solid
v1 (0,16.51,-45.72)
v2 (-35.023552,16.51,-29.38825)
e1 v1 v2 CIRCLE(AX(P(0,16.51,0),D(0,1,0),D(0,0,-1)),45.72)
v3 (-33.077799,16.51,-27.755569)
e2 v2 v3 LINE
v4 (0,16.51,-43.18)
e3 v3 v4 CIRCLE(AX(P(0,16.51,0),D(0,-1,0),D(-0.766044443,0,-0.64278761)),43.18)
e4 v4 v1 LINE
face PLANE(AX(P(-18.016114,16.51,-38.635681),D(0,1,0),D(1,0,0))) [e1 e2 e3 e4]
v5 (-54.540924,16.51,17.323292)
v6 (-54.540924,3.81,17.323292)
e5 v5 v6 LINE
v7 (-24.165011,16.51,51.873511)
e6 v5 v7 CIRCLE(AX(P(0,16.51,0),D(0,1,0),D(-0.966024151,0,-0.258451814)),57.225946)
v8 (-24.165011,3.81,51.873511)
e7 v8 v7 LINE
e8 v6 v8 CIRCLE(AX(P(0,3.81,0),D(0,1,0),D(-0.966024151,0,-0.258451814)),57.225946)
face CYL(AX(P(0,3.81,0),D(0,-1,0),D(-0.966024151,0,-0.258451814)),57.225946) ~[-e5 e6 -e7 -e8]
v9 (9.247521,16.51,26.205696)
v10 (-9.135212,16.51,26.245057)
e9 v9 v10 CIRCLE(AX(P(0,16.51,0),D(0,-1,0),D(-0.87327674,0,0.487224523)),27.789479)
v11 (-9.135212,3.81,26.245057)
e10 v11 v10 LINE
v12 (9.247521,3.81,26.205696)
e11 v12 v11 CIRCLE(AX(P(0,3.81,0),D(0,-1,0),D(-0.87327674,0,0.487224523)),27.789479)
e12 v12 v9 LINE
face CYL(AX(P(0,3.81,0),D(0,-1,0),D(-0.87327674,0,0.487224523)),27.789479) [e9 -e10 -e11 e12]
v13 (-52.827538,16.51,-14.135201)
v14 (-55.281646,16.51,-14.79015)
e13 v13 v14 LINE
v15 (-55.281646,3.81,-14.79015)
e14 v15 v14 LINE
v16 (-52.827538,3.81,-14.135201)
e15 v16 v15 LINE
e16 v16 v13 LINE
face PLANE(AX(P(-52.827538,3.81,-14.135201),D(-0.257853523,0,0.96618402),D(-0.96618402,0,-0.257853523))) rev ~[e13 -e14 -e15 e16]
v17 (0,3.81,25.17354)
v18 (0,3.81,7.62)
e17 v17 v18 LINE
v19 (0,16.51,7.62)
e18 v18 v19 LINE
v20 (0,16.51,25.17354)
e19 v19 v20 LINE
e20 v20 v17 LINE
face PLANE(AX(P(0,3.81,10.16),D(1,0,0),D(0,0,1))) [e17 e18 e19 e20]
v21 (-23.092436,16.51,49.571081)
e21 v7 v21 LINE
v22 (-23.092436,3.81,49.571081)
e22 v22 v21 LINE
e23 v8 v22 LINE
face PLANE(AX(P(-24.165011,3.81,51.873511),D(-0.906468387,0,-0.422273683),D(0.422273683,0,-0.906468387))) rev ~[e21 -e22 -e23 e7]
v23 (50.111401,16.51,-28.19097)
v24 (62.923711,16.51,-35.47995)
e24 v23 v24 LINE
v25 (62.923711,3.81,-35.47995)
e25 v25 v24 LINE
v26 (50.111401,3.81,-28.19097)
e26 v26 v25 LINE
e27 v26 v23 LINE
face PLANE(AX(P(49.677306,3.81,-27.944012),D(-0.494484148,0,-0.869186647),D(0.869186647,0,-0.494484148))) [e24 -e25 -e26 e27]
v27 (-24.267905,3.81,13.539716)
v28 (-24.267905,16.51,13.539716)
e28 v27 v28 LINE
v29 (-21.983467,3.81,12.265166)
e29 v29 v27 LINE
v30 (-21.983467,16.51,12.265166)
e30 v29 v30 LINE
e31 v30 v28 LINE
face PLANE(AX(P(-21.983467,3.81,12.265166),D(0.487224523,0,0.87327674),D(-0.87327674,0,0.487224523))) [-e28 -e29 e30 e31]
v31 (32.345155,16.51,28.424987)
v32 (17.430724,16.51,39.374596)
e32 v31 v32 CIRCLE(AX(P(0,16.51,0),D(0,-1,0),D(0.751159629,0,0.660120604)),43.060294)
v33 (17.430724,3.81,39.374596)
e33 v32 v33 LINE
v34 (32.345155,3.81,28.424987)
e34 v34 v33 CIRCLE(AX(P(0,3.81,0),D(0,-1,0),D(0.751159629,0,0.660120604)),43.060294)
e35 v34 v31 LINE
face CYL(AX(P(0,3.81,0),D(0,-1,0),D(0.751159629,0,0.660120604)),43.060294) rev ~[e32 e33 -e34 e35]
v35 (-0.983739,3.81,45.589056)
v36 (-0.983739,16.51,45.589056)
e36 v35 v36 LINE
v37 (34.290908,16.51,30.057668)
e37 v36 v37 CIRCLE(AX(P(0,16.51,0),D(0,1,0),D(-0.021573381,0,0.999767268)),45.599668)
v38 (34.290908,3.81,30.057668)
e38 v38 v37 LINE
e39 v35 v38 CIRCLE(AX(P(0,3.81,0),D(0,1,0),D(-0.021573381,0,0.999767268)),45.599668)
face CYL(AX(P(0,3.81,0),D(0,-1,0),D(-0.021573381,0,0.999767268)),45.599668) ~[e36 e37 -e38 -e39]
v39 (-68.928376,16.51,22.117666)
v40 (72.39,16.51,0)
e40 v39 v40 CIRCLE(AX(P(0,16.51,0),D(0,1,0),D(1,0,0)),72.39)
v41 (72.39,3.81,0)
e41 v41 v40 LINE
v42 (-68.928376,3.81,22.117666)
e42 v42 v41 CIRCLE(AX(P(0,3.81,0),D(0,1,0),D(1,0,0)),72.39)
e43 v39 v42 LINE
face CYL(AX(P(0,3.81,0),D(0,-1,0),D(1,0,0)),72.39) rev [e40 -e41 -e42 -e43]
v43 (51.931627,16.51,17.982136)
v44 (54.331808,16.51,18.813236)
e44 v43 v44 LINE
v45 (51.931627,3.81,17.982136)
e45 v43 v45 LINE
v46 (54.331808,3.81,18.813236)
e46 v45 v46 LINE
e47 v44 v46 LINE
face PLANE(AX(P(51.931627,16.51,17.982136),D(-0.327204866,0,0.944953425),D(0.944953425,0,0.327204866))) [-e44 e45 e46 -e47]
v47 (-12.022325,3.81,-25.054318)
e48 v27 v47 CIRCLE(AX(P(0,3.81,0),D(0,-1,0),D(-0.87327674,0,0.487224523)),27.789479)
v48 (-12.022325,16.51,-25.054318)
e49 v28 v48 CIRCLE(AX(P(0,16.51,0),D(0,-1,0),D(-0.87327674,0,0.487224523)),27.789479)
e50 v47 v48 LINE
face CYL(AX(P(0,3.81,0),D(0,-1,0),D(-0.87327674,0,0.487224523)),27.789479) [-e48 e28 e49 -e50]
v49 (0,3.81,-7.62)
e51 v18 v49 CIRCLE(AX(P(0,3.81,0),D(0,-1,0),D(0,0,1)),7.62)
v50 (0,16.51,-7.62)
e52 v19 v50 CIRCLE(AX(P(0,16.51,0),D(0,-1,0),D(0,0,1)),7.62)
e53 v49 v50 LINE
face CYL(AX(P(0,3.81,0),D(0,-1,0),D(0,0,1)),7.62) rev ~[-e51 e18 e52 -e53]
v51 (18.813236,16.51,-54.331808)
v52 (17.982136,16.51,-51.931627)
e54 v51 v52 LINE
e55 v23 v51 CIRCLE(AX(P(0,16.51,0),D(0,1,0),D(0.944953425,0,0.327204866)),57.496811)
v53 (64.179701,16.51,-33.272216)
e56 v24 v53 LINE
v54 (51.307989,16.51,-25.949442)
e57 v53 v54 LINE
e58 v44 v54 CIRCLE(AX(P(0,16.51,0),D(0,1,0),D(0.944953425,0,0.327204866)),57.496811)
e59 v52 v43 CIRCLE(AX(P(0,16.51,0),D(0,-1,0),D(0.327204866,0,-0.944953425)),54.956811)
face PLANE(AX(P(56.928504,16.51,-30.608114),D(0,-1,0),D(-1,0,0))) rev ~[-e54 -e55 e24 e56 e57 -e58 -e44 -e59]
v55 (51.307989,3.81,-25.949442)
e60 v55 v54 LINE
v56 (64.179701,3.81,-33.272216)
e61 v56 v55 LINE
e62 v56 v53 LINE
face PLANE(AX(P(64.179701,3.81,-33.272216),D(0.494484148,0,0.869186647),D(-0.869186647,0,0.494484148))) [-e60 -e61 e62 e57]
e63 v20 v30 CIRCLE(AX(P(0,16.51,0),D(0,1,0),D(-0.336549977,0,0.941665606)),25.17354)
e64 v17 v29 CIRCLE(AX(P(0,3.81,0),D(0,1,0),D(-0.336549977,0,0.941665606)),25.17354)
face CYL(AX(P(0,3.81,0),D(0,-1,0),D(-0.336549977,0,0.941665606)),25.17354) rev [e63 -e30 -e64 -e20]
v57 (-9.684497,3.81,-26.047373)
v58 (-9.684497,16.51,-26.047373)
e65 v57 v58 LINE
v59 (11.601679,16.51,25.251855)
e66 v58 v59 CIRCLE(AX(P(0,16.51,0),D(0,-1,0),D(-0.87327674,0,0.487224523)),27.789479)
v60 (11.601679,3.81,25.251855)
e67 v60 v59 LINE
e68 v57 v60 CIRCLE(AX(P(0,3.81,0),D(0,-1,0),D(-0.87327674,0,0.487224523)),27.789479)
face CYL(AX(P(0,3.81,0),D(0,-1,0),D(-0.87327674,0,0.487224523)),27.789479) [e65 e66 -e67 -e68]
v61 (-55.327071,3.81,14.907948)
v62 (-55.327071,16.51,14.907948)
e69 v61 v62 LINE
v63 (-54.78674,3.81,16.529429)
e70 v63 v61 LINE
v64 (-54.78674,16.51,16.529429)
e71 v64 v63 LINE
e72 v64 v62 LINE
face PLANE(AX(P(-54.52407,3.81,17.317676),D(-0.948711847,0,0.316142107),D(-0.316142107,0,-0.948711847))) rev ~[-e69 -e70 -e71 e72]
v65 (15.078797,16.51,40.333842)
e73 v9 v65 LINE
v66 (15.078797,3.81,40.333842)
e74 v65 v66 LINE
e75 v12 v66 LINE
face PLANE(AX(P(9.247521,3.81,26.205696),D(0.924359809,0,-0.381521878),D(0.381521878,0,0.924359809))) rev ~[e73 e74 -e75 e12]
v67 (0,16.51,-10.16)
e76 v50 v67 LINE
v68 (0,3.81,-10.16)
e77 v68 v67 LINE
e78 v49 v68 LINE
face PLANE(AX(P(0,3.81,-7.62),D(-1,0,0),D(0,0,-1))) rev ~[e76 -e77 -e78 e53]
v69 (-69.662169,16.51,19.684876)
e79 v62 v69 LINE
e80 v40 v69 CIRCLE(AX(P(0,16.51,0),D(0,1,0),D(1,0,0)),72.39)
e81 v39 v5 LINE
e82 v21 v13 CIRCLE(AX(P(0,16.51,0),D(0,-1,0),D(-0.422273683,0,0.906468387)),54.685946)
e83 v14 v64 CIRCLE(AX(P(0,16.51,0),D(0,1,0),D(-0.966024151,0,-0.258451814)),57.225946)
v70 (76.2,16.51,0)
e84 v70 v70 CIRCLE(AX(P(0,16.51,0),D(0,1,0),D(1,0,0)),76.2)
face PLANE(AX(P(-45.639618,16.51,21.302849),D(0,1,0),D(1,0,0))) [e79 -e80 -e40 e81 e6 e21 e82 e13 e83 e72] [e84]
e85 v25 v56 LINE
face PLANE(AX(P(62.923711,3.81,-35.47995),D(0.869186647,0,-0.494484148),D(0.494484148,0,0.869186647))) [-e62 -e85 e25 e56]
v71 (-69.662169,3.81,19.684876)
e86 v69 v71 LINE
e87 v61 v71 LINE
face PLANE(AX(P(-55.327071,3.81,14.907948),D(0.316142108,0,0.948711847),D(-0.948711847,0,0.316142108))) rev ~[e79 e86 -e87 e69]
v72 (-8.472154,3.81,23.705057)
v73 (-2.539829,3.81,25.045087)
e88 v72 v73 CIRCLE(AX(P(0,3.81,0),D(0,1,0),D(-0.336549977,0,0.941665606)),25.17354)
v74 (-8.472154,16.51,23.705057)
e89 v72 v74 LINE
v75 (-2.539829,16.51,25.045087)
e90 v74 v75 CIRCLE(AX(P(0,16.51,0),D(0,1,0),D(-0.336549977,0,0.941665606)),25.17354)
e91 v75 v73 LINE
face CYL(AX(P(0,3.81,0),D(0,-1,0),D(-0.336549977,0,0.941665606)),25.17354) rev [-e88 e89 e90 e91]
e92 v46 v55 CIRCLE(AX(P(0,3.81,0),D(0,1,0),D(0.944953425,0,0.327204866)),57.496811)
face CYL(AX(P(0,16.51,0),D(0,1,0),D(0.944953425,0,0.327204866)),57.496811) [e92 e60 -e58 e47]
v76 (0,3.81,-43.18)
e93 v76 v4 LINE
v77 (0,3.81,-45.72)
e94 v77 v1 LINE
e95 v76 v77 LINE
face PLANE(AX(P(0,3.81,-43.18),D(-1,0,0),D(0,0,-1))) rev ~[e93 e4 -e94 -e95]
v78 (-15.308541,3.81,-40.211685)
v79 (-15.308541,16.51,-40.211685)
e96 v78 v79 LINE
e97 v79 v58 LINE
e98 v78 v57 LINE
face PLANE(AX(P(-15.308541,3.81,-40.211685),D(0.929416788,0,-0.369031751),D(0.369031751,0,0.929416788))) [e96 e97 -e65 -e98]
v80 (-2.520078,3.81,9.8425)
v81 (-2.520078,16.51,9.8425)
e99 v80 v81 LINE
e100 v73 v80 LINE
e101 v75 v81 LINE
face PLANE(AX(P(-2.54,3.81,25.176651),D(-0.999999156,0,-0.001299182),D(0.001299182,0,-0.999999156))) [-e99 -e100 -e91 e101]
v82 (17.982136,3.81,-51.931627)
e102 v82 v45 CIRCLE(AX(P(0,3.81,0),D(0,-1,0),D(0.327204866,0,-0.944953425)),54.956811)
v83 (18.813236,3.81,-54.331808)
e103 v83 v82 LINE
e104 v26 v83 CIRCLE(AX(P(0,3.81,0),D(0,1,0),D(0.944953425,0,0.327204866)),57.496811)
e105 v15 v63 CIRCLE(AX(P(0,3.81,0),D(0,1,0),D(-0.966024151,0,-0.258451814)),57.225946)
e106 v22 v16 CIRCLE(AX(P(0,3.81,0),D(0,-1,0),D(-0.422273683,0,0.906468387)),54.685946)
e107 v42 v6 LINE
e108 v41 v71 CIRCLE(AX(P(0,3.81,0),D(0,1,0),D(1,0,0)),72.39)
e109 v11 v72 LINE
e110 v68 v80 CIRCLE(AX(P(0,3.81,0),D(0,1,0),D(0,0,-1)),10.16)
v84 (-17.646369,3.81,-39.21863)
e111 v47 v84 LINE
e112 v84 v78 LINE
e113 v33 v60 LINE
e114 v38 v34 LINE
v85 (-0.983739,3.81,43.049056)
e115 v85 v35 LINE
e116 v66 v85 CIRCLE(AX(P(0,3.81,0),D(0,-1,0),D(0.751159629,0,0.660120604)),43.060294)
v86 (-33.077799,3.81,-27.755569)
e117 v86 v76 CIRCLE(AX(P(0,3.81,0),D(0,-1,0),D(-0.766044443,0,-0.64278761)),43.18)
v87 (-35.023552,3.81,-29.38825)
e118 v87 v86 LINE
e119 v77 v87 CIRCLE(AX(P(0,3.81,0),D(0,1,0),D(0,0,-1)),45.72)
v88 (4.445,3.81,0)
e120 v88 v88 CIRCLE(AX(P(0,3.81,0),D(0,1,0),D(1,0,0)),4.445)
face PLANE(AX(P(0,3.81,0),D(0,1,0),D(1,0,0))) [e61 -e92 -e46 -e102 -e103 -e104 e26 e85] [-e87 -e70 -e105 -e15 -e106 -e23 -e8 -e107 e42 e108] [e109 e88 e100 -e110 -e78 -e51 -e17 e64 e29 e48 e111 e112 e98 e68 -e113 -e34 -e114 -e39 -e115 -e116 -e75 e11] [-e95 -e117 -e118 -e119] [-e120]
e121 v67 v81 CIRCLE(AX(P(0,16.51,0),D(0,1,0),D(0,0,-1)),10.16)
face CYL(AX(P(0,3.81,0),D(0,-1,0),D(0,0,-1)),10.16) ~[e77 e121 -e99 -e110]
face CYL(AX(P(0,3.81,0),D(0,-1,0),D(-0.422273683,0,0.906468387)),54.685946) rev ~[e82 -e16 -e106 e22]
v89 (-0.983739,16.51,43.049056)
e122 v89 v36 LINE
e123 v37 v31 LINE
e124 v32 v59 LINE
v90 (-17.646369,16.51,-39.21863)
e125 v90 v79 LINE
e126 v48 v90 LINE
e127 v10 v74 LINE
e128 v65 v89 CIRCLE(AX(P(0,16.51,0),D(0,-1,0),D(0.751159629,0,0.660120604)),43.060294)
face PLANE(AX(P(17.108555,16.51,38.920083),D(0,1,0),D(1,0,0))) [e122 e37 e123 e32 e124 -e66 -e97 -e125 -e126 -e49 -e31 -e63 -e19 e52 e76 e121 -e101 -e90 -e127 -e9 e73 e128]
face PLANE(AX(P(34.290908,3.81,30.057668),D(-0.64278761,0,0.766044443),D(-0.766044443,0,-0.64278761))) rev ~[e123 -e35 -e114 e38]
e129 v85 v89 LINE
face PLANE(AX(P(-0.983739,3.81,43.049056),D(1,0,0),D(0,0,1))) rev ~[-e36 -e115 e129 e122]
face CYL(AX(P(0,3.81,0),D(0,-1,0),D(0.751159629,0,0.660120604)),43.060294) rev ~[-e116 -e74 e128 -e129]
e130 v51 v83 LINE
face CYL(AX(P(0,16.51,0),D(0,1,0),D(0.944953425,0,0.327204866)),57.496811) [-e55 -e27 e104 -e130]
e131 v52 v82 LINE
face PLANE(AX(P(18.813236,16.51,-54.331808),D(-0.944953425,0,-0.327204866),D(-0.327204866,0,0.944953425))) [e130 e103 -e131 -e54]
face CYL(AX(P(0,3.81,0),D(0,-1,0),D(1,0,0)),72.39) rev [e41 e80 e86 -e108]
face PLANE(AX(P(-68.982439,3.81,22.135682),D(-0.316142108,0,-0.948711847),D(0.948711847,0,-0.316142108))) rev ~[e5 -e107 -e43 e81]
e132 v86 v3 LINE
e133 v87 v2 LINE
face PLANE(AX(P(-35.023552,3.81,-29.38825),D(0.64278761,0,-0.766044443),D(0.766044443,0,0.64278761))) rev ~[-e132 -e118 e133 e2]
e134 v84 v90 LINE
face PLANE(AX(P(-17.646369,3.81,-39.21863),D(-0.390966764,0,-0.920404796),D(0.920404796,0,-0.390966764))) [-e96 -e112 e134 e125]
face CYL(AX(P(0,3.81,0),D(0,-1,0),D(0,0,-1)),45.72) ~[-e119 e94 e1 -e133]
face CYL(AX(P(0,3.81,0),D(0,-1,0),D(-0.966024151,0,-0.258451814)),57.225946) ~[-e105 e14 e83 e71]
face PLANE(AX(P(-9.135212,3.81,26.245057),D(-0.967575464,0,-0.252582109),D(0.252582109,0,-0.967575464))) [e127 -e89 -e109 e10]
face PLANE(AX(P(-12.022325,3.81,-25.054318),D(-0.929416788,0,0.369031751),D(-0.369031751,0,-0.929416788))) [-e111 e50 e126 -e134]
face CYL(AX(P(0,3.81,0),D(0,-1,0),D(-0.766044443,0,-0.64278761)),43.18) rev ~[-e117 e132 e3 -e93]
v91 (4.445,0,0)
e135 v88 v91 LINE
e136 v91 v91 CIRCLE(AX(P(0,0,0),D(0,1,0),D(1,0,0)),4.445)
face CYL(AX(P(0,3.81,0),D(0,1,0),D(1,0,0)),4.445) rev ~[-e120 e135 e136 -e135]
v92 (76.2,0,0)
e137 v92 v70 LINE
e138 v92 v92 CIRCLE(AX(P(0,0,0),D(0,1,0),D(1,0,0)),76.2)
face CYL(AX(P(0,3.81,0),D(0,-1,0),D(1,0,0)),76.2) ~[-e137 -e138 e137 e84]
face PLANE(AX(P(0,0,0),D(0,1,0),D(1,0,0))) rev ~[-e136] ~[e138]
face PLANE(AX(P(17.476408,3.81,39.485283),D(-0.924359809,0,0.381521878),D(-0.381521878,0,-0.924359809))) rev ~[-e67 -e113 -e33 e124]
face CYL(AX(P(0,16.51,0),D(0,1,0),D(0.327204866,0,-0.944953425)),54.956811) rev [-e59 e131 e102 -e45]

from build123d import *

# Parameters (mm, degrees)
SKETCH1_R            = 76.2
BOSS_EXTRUDE1_DEPTH  = 3.81
SKETCH2_R            = 76.2
SKETCH2_R_2          = 72.39
BOSS_EXTRUDE2_DEPTH  = 12.7
SKETCH3_R            = 4.445
CUT_EXTRUDE1_DEPTH   = 4.81
BOSS_EXTRUDE3_DEPTH  = 12.7
BOSS_EXTRUDE4_DEPTH  = 12.7
BOSS_EXTRUDE5_DEPTH  = 12.7
BOSS_EXTRUDE8_DEPTH  = 12.7
BOSS_EXTRUDE9_DEPTH  = 12.7
BOSS_EXTRUDE10_DEPTH = 12.7
BOSS_EXTRUDE11_DEPTH = 12.7
BOSS_EXTRUDE19_DEPTH = 12.7
BOSS_EXTRUDE20_DEPTH = 12.7
BOSS_EXTRUDE21_DEPTH = 12.7
BOSS_EXTRUDE22_DEPTH = 12.7


with BuildPart() as part:
    # Sketch1 → Boss-Extrude1 (new body)
    with BuildSketch(Plane(origin=(0, 0, 0), x_dir=(1, 0, 0), z_dir=(0, 1, 0))):
        Circle(SKETCH1_R)
    extrude(amount=BOSS_EXTRUDE1_DEPTH)

    # Sketch2 → Boss-Extrude2 (add)
    with BuildSketch(Plane(origin=(0, 3.81, 0), x_dir=(1, 0, 0), z_dir=(0, 1, 0))):
        Circle(SKETCH2_R)
        Circle(SKETCH2_R_2, mode=Mode.SUBTRACT)
    extrude(amount=BOSS_EXTRUDE2_DEPTH)

    # Sketch3 → Cut-Extrude1 (cut, through all)
    with BuildSketch(Plane(origin=(0, 3.81, 0), x_dir=(1, 0, 0), z_dir=(0, 1, 0))):
        Circle(SKETCH3_R)
    extrude(amount=-CUT_EXTRUDE1_DEPTH, mode=Mode.SUBTRACT)

    # Sketch4 → Boss-Extrude3 (add)
    with BuildSketch(Plane(origin=(0, 3.81, 0), x_dir=(1, 0, 0), z_dir=(0, 1, 0))):
        with BuildLine():
            Line((0, 7.62), (0, 10.16))
            ThreePointArc((0, 10.16), (-10.16, 0), (0, -10.16))
            Line((0, -10.16), (0, -7.62))
            ThreePointArc((0, -7.62), (-7.62, 0), (0, 7.62))
        make_face()
    extrude(amount=BOSS_EXTRUDE3_DEPTH)

    # Sketch5 → Boss-Extrude4 (add)
    with BuildSketch(Plane(origin=(0, 3.81, 0), x_dir=(1, 0, 0), z_dir=(0, 1, 0))):
        Polygon((0, -10.16), (0, -25.176651115), (-2.54, -25.176651115), (-2.520078124, -9.8425), align=None)
    extrude(amount=BOSS_EXTRUDE4_DEPTH)

    # Sketch6 → Boss-Extrude5 (add)
    with BuildSketch(Plane(origin=(0, 3.81, 0), x_dir=(1, 0, 0), z_dir=(0, 1, 0))):
        with BuildLine():
            Line((-21.983467268, -12.265166189), (-24.2679054, -13.539715513))
            ThreePointArc((-24.2679054, -13.539715513), (17.868925405, 21.282777862), (-9.135212339, -26.245057138))
            Line((-9.135212339, -26.245057138), (-8.472154438, -23.705057138))
            ThreePointArc((-8.472154438, -23.705057138), (16.266652993, 19.212057025), (-21.983467268, -12.265166189))
        make_face()
    extrude(amount=BOSS_EXTRUDE5_DEPTH)

    # Sketch7 → Boss-Extrude8 (add)
    with BuildSketch(Plane(origin=(0, 3.81, 0), x_dir=(1, 0, 0), z_dir=(0, 1, 0))):
        Polygon((9.247520886, -26.205695681), (15.12853456, -40.45434823), (17.476408475, -39.485282661), (11.601678734, -25.251854966), align=None)
    extrude(amount=BOSS_EXTRUDE8_DEPTH)

    # Sketch8 → Boss-Extrude9 (add)
    with BuildSketch(Plane(origin=(0, 3.81, 0), x_dir=(1, 0, 0), z_dir=(0, 1, 0))):
        with BuildLine():
            Line((-0.983739015, -43.049055689), (-0.983739015, -45.589055689))
            ThreePointArc((-0.983739015, -45.589055689), (18.37519714, -41.733462247), (34.290907527, -30.05766794))
            Line((34.290907527, -30.05766794), (32.345154642, -28.424987411))
            ThreePointArc((32.345154642, -28.424987411), (17.301746755, -39.431440468), (-0.983739015, -43.049055689))
        make_face()
    extrude(amount=BOSS_EXTRUDE9_DEPTH)

    # Sketch9 → Boss-Extrude10 (add)
    with BuildSketch(Plane(origin=(0, 3.81, 0), x_dir=(1, 0, 0), z_dir=(0, 1, 0))):
        Polygon((-9.684496714, 26.047373228), (-12.022324897, 25.054317646), (-17.646368783, 39.218629503), (-15.3085406, 40.211685084), align=None)
    extrude(amount=BOSS_EXTRUDE10_DEPTH)

    # Sketch10 → Boss-Extrude11 (add)
    with BuildSketch(Plane(origin=(0, 3.81, 0), x_dir=(1, 0, 0), z_dir=(0, 1, 0))):
        with BuildLine():
            Line((0, 43.18), (0, 45.72))
            ThreePointArc((0, 45.72), (-19.322106927, 41.436392023), (-35.023551939, 29.388249515))
            Line((-35.023551939, 29.388249515), (-33.077799054, 27.755568986))
            ThreePointArc((-33.077799054, 27.755568986), (-18.248656542, 39.134370244), (0, 43.18))
        make_face()
    extrude(amount=BOSS_EXTRUDE11_DEPTH)

    # Sketch15 → Boss-Extrude19 (add)
    with BuildSketch(Plane(origin=(0, 16.51, 0), x_dir=(1, 0, 0), z_dir=(0, 1, 0))):
        with BuildLine():
            Line((18.813236265, 54.331808343), (17.982135906, 51.931626642))
            ThreePointArc((17.982135906, 51.931626642), (49.436495597, 24.005915117), (51.931626642, -17.982135906))
            Line((51.931626642, -17.982135906), (54.331808343, -18.813236265))
            ThreePointArc((54.331808343, -18.813236265), (51.721357052, 25.115423174), (18.813236265, 54.331808343))
        make_face()
    extrude(amount=-BOSS_EXTRUDE19_DEPTH)

    # Sketch16 → Boss-Extrude20 (add)
    with BuildSketch(Plane(origin=(0, 3.81, 0), x_dir=(1, 0, 0), z_dir=(0, 1, 0))):
        Polygon((62.923710936, 35.479950277), (64.179700672, 33.272216194), (50.933296173, 25.736277775), (49.677306437, 27.944011858), align=None)
    extrude(amount=BOSS_EXTRUDE20_DEPTH)

    # Sketch17 → Boss-Extrude21 (add)
    with BuildSketch(Plane(origin=(0, 3.81, 0), x_dir=(1, 0, 0), z_dir=(0, 1, 0))):
        Polygon((-69.78543957, -19.725953422), (-68.982438616, -22.135681513), (-54.524070075, -17.317675793), (-55.327071028, -14.907947702), align=None)
    extrude(amount=BOSS_EXTRUDE21_DEPTH)

    # Sketch18 → Boss-Extrude22 (add)
    with BuildSketch(Plane(origin=(0, 3.81, 0), x_dir=(1, 0, 0), z_dir=(0, 1, 0))):
        with BuildLine():
            Line((-24.16501099, -51.873510961), (-23.092435835, -49.571081258))
            ThreePointArc((-23.092435835, -49.571081258), (-49.553841631, -23.129407029), (-52.827537989, 14.135201447))
            Line((-52.827537989, 14.135201447), (-55.281645892, 14.790149527))
            ThreePointArc((-55.281645892, 14.790149527), (-51.855122504, -24.204445165), (-24.16501099, -51.873510961))
        make_face()
    extrude(amount=BOSS_EXTRUDE22_DEPTH)


solid = part.part
